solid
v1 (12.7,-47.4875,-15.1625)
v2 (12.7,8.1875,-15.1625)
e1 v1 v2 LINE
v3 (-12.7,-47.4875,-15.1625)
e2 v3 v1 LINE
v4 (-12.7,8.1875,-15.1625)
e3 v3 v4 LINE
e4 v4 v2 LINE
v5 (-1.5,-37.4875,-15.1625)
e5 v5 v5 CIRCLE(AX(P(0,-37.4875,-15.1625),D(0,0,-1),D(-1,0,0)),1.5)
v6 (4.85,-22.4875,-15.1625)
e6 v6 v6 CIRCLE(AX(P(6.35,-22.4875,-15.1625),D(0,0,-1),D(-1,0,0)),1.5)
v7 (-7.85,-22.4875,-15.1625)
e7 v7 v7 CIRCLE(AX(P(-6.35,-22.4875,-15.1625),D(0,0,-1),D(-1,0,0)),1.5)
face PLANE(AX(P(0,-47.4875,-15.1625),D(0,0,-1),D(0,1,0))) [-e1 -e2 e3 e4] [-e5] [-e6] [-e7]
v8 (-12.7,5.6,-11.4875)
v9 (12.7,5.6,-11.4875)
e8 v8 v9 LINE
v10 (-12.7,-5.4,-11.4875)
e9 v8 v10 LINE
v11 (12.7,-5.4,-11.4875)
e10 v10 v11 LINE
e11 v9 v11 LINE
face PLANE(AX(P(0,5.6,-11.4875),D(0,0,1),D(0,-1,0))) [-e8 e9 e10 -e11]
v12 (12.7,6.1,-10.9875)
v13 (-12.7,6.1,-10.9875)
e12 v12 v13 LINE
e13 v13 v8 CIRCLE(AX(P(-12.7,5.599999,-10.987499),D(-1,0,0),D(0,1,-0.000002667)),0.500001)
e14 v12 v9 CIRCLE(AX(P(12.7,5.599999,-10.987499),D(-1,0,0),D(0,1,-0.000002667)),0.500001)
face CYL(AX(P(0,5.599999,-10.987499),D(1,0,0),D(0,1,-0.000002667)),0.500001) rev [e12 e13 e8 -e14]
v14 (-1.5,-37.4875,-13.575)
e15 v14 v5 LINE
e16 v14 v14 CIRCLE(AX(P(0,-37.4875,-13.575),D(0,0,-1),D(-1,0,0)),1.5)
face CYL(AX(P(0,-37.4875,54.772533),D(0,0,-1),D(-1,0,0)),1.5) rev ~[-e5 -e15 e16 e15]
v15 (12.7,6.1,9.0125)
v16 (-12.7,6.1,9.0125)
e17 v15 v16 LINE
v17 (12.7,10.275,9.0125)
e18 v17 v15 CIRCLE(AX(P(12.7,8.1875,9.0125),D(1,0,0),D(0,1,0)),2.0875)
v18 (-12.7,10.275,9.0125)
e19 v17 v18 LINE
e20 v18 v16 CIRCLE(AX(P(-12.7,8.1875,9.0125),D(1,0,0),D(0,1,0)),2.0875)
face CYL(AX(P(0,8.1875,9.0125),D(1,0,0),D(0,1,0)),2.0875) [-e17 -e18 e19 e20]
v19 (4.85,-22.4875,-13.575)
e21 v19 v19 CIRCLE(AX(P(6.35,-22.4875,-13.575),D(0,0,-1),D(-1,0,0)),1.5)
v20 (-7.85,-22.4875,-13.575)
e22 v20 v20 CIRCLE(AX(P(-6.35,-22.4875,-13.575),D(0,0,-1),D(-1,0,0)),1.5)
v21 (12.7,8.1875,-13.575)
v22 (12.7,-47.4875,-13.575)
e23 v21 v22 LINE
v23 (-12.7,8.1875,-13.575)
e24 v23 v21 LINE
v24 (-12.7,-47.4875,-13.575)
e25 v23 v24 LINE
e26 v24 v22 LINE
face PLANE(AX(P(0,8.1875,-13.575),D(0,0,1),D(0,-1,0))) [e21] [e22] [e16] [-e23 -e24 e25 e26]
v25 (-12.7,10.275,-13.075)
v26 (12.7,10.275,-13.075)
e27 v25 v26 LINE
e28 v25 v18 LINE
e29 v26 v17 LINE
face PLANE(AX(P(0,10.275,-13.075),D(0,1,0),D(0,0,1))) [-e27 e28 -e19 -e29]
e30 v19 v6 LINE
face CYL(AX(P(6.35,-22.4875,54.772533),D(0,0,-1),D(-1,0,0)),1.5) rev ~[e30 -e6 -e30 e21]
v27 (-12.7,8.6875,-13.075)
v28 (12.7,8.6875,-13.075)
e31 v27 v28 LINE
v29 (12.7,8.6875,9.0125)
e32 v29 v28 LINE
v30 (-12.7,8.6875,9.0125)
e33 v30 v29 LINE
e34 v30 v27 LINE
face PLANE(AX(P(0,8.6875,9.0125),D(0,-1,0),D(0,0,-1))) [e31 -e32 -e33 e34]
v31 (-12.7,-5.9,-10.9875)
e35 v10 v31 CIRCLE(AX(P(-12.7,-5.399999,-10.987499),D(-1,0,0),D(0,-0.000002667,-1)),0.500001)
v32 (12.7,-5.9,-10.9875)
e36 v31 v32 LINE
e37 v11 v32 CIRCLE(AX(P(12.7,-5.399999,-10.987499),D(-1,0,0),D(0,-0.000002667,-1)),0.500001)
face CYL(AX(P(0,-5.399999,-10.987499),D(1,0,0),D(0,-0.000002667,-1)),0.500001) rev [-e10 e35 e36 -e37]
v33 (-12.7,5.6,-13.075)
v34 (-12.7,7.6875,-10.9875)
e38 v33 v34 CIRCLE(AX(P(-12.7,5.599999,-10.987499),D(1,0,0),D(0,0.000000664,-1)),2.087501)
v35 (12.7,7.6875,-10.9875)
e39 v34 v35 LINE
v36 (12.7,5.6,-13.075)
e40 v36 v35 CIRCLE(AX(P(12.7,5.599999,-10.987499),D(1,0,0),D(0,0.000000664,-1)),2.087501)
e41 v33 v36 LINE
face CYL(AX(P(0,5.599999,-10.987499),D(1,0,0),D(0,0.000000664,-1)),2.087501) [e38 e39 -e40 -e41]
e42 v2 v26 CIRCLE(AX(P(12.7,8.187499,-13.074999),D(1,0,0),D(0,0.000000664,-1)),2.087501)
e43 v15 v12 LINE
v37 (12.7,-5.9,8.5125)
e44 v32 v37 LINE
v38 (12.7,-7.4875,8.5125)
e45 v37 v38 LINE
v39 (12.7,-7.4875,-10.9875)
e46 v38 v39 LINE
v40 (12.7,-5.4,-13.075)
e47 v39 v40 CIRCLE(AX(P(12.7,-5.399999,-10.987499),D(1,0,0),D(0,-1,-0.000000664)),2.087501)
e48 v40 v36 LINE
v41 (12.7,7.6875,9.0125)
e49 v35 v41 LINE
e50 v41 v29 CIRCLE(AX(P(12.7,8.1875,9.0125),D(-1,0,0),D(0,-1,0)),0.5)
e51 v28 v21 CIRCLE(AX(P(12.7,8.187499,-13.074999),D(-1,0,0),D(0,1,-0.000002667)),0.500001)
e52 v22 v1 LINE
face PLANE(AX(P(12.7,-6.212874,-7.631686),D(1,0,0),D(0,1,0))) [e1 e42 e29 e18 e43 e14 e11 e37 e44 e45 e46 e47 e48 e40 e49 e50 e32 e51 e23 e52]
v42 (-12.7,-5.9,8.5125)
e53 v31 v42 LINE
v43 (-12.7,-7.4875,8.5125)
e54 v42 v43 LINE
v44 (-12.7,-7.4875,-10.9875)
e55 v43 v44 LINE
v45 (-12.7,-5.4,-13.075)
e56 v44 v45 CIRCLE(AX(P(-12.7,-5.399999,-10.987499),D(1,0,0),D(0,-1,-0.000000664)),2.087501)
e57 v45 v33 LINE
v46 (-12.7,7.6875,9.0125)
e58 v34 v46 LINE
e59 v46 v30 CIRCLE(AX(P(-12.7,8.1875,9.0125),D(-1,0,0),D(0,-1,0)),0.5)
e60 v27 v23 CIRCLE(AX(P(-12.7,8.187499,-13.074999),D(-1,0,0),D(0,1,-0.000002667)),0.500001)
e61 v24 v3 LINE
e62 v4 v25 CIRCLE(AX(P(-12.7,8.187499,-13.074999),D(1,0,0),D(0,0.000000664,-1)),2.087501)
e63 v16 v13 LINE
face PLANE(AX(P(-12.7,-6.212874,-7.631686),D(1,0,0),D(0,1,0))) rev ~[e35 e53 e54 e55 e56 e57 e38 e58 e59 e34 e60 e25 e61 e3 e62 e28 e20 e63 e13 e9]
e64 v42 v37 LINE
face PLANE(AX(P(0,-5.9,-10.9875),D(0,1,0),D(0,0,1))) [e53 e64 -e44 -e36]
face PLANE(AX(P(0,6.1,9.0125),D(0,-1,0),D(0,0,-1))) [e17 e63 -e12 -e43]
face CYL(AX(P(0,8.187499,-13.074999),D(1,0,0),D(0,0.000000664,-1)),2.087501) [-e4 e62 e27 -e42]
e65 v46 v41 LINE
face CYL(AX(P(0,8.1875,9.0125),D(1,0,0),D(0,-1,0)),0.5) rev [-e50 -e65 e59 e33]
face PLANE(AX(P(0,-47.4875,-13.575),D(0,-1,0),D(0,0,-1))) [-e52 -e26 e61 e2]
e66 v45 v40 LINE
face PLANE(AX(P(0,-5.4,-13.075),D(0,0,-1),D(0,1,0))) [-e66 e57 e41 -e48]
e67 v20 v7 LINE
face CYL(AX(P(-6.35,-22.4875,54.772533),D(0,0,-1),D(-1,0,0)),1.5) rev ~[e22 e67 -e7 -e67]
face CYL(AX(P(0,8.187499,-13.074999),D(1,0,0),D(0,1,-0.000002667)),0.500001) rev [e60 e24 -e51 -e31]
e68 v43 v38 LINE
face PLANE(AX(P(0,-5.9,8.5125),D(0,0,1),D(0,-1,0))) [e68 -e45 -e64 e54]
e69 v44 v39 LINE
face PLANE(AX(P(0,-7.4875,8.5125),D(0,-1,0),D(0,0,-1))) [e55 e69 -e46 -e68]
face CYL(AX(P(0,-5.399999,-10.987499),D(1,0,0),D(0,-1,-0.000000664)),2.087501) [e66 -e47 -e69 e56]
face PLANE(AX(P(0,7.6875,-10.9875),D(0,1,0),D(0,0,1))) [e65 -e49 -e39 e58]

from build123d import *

# Parameters (mm, degrees)
F1_DEPTH = 12.7
F3_D     = 3


with BuildPart() as f1:
    # F0 (on Right) → F1 (new body, symmetric)
    with BuildSketch(Plane.YZ):
        with BuildLine():
            ThreePointArc((6.1, -10.9875), (5.953553, -11.341053), (5.6, -11.4875))
            Line((5.6, -11.4875), (-5.4, -11.4875))
            ThreePointArc((-5.4, -11.4875), (-5.753553, -11.341053), (-5.9, -10.9875))
            Line((-5.9, -10.9875), (-5.9, 8.5125))
            Line((-5.9, 8.5125), (-7.4875, 8.5125))
            Line((-7.4875, 8.5125), (-7.4875, -10.9875))
            ThreePointArc((-7.4875, -10.9875), (-6.876085, -12.463585), (-5.4, -13.075))
            Line((-5.4, -13.075), (5.6, -13.075))
            ThreePointArc((5.6, -13.075), (7.076085, -12.463585), (7.6875, -10.9875))
            Line((7.6875, -10.9875), (7.6875, 9.0125))
            ThreePointArc((7.6875, 9.0125), (8.1875, 9.5125), (8.6875, 9.0125))
            Line((8.6875, 9.0125), (8.6875, -13.075))
            ThreePointArc((8.6875, -13.075), (8.541053, -13.428553), (8.1875, -13.575))
            Line((8.1875, -13.575), (-47.4875, -13.575))
            Line((-47.4875, -13.575), (-47.4875, -15.1625))
            Line((-47.4875, -15.1625), (8.1875, -15.1625))
            ThreePointArc((8.1875, -15.1625), (9.663585, -14.551085), (10.275, -13.075))
            Line((10.275, -13.075), (10.275, 9.0125))
            ThreePointArc((10.275, 9.0125), (8.1875, 11.1), (6.1, 9.0125))
            Line((6.1, 9.0125), (6.1, -10.9875))
        make_face()
    extrude(amount=F1_DEPTH, both=True)

    # F3 (through all)
    with Locations(Plane.XY.offset(-13.575)):
        with Locations((-6.35, -22.4875), (6.35, -22.4875), (0, -37.4875)):
            Hole(F3_D / 2)


solid = f1.part
